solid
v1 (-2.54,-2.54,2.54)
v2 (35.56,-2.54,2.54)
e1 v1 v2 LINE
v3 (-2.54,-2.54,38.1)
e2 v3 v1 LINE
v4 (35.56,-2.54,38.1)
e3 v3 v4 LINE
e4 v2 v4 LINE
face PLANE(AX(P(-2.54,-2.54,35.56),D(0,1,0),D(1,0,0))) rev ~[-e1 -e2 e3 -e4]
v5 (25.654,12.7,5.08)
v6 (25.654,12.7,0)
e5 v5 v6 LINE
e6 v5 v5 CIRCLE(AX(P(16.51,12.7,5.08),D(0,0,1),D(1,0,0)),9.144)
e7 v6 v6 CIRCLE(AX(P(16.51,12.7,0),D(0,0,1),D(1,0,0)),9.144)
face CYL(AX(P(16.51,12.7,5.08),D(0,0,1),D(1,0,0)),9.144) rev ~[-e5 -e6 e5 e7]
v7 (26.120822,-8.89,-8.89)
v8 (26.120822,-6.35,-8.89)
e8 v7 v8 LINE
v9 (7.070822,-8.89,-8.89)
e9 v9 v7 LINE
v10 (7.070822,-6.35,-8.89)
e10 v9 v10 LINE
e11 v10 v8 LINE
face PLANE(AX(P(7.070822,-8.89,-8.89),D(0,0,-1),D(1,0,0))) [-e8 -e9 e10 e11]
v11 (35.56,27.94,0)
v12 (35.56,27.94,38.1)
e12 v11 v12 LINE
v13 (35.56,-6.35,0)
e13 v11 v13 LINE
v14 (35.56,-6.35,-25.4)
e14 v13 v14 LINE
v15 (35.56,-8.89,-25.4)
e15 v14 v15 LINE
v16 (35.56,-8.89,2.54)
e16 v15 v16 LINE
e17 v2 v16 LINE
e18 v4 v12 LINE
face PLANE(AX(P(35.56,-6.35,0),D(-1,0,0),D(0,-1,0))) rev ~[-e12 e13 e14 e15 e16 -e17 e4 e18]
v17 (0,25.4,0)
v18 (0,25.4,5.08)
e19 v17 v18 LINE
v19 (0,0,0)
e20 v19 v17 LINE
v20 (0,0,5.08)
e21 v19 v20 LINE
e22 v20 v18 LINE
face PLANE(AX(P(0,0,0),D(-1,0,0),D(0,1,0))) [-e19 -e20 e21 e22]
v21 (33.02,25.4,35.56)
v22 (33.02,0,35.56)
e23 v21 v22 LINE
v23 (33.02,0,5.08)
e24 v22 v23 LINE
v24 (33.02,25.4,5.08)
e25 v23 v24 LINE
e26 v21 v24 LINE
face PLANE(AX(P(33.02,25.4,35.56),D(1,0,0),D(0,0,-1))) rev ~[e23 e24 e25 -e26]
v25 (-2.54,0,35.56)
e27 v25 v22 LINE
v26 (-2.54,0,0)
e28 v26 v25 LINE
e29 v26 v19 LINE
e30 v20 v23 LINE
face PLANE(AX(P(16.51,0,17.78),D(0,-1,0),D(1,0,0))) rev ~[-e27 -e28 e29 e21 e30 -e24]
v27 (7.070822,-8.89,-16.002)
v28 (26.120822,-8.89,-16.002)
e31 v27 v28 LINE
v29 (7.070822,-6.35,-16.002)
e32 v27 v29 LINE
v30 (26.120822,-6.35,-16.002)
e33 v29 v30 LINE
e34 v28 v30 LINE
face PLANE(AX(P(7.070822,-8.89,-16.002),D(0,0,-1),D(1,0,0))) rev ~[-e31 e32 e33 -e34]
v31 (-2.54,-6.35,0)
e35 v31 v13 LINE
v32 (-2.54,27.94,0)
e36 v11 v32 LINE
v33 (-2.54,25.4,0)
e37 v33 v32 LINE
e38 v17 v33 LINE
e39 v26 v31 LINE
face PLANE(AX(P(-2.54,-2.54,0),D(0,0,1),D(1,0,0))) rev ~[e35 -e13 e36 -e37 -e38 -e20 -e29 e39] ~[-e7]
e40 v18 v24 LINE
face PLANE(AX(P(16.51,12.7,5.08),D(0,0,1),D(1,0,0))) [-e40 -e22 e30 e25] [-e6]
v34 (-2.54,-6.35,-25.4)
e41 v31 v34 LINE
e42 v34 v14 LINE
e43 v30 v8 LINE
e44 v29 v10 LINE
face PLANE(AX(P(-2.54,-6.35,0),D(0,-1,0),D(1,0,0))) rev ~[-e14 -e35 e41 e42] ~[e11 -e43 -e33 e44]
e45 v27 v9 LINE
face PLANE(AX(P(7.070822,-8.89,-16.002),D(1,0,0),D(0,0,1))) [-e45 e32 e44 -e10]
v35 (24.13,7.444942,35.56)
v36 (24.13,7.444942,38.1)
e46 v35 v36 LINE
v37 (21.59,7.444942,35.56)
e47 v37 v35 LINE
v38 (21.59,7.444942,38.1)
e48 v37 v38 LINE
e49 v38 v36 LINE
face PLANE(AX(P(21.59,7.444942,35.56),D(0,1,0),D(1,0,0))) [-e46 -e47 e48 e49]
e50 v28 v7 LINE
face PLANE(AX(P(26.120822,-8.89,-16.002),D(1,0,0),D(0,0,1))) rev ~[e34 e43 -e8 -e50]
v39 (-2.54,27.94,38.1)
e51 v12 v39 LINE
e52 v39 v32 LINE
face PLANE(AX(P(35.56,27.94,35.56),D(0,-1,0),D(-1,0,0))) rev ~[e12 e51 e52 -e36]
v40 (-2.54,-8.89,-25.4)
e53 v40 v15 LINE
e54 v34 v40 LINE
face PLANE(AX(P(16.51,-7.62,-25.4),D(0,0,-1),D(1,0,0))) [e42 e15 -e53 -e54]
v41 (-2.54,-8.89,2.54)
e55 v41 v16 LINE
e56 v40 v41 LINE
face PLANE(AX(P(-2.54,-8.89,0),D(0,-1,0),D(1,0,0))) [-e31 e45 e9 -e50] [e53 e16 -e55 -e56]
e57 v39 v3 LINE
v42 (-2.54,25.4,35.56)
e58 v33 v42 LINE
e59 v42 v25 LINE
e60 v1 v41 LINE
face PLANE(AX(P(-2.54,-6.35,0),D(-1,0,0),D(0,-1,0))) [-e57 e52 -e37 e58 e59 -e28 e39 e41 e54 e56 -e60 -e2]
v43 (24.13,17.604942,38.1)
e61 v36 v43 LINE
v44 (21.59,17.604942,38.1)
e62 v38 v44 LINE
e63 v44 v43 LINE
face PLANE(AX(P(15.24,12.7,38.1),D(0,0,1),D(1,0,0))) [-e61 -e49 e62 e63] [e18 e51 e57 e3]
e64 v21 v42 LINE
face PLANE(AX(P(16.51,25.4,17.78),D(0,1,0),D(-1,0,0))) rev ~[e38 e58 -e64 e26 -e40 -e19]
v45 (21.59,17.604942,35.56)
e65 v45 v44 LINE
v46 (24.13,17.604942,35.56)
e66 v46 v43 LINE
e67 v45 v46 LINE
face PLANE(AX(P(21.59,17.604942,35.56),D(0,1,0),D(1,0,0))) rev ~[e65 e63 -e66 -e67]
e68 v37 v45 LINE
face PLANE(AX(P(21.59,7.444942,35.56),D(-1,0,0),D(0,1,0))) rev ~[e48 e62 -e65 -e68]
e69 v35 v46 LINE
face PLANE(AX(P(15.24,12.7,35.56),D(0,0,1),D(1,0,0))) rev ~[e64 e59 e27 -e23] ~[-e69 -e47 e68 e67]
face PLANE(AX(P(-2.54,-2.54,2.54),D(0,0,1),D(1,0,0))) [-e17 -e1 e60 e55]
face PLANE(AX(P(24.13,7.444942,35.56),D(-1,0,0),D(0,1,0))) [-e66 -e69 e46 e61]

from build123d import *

# Parameters (mm, degrees)
F0_W      = 33.02
F0_H      = 25.4
F1_DEPTH  = 5.08
F2_R      = 9.144
F3_DEPTH  = 5.081
F4_W      = 38.1
F4_H      = 35.56
F5_DEPTH  = 2.54
F6_W      = 38.1
F6_H      = 35.56
F7_DEPTH  = 2.54
F9_DEPTH  = 25.4
F10_W     = 35.56
F10_H     = 25.4
F10_W_2   = 2.54
F10_H_2   = 10.16
F11_DEPTH = 2.54
F12_W     = 38.1
F12_H     = 2.54
F13_DEPTH = 6.35
F14_W     = 38.1
F14_H     = 2.54
F15_DEPTH = 25.4
F16_W     = 19.05
F16_H     = 7.112
F17_DEPTH = 25.4


with BuildPart() as f1:
    # F0 (on Top) → F1 (new body)
    with BuildSketch(Plane.XY):
        with Locations((16.51, 12.7)):
            Rectangle(F0_W, F0_H)
    extrude(amount=F1_DEPTH)

    # F2 (on face) → F3 (cut, through all)
    with BuildSketch(Plane.XY.offset(5.08)):
        with Locations((16.51, 12.7)):
            Circle(F2_R)
    extrude(amount=-F3_DEPTH, mode=Mode.SUBTRACT)

    # F4 (on Front) → F5 (join)
    with BuildSketch(Plane.XZ):
        with Locations((16.51, 17.78)):
            Rectangle(F4_W, F4_H)
    extrude(amount=F5_DEPTH)

    # F6 (on face) → F7 (join)
    with BuildSketch(Plane(origin=(0, 25.4, 0), x_dir=(-1, 0, 0), z_dir=(0, 1, 0))):
        with Locations((-16.51, 17.78)):
            Rectangle(F6_W, F6_H)
    extrude(amount=F7_DEPTH)

    # F8 (on face) → F9 (join, through all)
    with BuildSketch(Plane.XZ.offset(-25.4)):
        Polygon((35.56, 0), (35.56, 35.56), (33.02, 35.56), (33.02, 5.08), (33.02, 0), align=None)
    extrude(amount=F9_DEPTH)

    # F10 (on face) → F11 (join)
    with BuildSketch(Plane.XY.offset(35.56)):
        with Locations((15.24, 12.7)):
            Rectangle(F10_W, F10_H)
        with Locations((22.86, 12.5249423701)):
            Rectangle(F10_W_2, F10_H_2, mode=Mode.SUBTRACT)
        Polygon((35.56, -2.54), (35.56, 27.94), (-2.54, 27.94), (-2.54, 25.4), (33.02, 25.4), (33.02, 0), (-2.54, 0), (-2.54, -2.54), align=None)
    extrude(amount=F11_DEPTH)

    # F12 (on face) → F13 (join)
    with BuildSketch(Plane.XZ.offset(2.54)):
        with Locations((16.51, 1.27)):
            Rectangle(F12_W, F12_H)
    extrude(amount=F13_DEPTH)

    # F14 (on face) → F15 (join)
    with BuildSketch(Plane(origin=(0, 0, 0), x_dir=(1, 0, 0), z_dir=(0, 0, -1))):
        with Locations((16.51, 7.62)):
            Rectangle(F14_W, F14_H)
    extrude(amount=F15_DEPTH)

    # F16 (on face) → F17 (cut)
    with BuildSketch(Plane.XZ.offset(8.89)):
        with Locations((16.5958222933, -12.446)):
            Rectangle(F16_W, F16_H)
    extrude(amount=-F17_DEPTH, mode=Mode.SUBTRACT)


solid = f1.part
